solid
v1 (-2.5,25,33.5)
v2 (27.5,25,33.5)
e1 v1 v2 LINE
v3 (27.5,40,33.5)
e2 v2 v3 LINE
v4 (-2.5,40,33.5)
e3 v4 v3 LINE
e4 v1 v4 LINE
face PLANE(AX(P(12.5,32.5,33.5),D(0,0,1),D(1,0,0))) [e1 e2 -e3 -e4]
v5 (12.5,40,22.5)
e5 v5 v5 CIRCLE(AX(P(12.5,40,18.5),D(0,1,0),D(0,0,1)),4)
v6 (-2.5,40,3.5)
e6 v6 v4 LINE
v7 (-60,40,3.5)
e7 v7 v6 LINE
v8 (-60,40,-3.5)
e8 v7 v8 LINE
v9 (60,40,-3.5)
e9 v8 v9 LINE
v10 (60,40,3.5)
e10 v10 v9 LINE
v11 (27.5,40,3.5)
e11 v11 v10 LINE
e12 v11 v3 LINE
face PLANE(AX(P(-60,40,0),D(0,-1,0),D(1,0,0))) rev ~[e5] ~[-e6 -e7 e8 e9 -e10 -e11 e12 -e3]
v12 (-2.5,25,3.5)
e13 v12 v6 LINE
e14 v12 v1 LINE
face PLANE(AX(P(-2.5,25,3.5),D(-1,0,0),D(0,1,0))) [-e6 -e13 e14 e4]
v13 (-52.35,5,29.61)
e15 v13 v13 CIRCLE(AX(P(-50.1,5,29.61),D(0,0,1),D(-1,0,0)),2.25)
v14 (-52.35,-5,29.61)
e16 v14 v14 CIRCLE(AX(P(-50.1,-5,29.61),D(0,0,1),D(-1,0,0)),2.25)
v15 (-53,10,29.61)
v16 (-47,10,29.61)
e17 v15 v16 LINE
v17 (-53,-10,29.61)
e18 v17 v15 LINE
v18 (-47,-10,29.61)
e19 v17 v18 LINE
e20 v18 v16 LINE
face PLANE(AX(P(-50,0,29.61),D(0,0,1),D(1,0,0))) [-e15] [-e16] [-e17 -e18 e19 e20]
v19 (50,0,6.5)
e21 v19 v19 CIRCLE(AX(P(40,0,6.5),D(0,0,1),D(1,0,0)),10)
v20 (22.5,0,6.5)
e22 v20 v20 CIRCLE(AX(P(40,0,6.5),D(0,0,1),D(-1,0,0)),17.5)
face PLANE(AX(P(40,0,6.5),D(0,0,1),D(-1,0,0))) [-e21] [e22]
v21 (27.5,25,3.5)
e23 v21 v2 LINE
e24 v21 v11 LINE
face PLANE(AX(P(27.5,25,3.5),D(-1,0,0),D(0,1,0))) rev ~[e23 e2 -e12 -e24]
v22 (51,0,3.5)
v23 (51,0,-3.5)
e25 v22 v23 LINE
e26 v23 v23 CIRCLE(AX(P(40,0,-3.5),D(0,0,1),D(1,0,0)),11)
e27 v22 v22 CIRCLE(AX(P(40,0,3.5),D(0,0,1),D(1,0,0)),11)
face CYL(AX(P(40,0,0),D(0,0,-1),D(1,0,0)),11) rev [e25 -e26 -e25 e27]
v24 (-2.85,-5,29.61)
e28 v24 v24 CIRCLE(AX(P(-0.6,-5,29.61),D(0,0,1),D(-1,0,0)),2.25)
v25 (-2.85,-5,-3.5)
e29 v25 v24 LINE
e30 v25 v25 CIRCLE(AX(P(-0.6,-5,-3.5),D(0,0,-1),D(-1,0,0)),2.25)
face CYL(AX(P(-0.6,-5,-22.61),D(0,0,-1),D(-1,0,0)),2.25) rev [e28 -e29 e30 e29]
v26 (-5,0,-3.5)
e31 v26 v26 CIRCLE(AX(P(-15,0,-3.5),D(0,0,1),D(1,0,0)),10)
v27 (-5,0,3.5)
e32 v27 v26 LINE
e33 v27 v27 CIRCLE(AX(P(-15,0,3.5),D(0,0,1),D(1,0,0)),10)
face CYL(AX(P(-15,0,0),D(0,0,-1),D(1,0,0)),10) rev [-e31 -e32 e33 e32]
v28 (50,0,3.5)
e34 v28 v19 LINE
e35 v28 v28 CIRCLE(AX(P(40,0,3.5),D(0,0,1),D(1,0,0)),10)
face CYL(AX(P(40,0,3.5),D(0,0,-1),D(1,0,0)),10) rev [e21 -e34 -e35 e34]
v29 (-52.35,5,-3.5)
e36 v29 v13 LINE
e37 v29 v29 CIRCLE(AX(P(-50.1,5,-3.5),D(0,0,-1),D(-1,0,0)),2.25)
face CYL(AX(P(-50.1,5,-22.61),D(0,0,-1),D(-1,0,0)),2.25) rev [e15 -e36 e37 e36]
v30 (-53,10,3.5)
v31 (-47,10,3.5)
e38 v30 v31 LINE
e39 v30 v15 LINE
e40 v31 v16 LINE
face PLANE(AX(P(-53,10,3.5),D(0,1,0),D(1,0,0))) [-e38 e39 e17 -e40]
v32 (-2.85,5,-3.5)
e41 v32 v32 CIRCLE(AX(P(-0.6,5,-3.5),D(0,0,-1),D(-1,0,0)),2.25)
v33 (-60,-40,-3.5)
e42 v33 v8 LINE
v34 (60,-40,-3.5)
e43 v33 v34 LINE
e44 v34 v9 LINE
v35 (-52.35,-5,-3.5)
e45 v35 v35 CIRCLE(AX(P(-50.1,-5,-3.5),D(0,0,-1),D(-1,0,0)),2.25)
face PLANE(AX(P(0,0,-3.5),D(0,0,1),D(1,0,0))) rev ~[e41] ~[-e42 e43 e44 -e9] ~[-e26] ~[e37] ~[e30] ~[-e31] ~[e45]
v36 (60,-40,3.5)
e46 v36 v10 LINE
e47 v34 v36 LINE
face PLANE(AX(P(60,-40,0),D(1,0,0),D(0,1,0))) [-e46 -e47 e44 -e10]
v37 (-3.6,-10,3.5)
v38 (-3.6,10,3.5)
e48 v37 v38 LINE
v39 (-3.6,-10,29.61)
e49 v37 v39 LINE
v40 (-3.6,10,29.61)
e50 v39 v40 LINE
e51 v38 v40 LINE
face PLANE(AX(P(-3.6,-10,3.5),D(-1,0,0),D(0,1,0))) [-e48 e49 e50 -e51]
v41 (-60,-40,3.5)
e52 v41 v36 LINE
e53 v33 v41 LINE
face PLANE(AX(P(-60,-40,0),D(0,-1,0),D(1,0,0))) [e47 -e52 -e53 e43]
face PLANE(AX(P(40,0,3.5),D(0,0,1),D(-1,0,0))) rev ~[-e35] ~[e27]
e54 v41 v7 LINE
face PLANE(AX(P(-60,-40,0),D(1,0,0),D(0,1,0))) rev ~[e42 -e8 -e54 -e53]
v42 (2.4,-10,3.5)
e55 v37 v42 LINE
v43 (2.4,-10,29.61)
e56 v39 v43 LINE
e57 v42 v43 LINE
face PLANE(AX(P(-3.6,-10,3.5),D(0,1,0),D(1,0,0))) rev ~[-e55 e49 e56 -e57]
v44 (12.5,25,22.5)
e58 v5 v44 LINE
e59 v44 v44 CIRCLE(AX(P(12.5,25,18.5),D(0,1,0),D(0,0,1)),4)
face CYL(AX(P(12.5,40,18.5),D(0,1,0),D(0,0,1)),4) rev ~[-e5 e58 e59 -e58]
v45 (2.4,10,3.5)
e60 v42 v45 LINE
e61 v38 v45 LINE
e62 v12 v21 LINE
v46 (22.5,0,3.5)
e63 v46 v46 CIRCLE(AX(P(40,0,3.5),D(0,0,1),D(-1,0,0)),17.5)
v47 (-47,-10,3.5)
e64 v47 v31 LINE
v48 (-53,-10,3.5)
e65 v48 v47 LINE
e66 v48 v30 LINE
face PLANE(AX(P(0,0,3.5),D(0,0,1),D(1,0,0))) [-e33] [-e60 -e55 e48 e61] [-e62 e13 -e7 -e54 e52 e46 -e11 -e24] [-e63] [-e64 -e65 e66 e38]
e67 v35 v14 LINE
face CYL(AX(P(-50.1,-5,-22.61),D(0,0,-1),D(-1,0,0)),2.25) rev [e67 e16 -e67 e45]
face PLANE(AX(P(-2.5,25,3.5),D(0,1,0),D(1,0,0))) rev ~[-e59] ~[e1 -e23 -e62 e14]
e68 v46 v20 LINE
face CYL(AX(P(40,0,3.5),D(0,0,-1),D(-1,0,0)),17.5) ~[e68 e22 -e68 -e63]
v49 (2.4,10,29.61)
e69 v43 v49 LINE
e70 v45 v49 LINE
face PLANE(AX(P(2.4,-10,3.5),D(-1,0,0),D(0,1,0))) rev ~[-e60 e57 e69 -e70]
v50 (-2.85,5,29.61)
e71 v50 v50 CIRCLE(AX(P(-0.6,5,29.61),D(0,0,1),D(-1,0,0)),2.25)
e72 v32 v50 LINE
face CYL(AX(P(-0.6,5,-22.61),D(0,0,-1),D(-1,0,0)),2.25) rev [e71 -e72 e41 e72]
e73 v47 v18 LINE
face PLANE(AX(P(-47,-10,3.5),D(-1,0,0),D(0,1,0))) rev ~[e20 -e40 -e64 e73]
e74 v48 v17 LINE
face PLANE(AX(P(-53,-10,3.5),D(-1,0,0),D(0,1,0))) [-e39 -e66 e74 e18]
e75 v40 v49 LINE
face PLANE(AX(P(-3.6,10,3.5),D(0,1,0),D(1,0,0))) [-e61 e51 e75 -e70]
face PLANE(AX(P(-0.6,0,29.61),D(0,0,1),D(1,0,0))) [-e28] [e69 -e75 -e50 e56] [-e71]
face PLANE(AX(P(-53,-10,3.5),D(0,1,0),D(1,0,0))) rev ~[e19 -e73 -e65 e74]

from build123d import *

# Parameters (mm, degrees)
SKETCH1_W           = 120
SKETCH1_H           = 80
SKETCH1_R           = 10
SKETCH1_R_2         = 11
BOSS_EXTRUDE1_DEPTH = 3.5
SKETCH2_R           = 17.5
SKETCH2_R_2         = 10
BOSS_EXTRUDE2_DEPTH = 3
SKETCH3_W           = 6
SKETCH3_H           = 20
SKETCH3_R           = 2.25
BOSS_EXTRUDE3_DEPTH = 26.11
CUT_EXTRUDE1_START  = -26.11
SKETCH4_R           = 2.25
CUT_EXTRUDE1_DEPTH  = 26.11
SKETCH5_W           = 30
SKETCH5_H           = 15
BOSS_EXTRUDE4_DEPTH = 30
SKETCH6_R           = 4
CUT_EXTRUDE2_DEPTH  = 29


with BuildPart() as part:
    # Sketch1 → Boss-Extrude1 (new, symmetric)
    with BuildSketch(Plane.XY):
        Rectangle(SKETCH1_W, SKETCH1_H)
        with Locations((-15, 0)):
            Circle(SKETCH1_R, mode=Mode.SUBTRACT)
        with Locations((40, 0)):
            Circle(SKETCH1_R_2, mode=Mode.SUBTRACT)
    extrude(amount=BOSS_EXTRUDE1_DEPTH, both=True)

    # Sketch2 → Boss-Extrude2 (add)
    with BuildSketch(Plane.XY.offset(3.5)):
        with Locations(Location((40, 0, 0), (0, 0, 180))):
            Circle(SKETCH2_R)
        with Locations((40, 0)):
            Circle(SKETCH2_R_2, mode=Mode.SUBTRACT)
    extrude(amount=BOSS_EXTRUDE2_DEPTH)

    # Sketch3 → Boss-Extrude3 (add)
    # profile 1 of 2: a face of its own
    with BuildSketch(Plane.XY.offset(3.5)):
        with Locations((-50, 0)):
            Rectangle(SKETCH3_W, SKETCH3_H)
        with Locations(Location((-50.1, -5, 0), (0, 0, 180))):
            Circle(SKETCH3_R, mode=Mode.SUBTRACT)
        with Locations(Location((-50.1, 5, 0), (0, 0, 180))):
            Circle(SKETCH3_R, mode=Mode.SUBTRACT)
    # profile 2 of 2: a face of its own
    with BuildSketch(Plane.XY.offset(3.5)):
        with Locations((-0.6, 0)):
            Rectangle(SKETCH3_W, SKETCH3_H)
        with Locations(Location((-0.6, -5, 0), (0, 0, 180))):
            Circle(SKETCH3_R, mode=Mode.SUBTRACT)
        with Locations(Location((-0.6, 5, 0), (0, 0, 180))):
            Circle(SKETCH3_R, mode=Mode.SUBTRACT)
    extrude(amount=BOSS_EXTRUDE3_DEPTH)

    # Sketch4 → Cut-Extrude1 (cut)
    with BuildSketch(Plane.XY.offset(3.5).offset(CUT_EXTRUDE1_START)):
        with Locations(Location((-50.1, 5, 0), (0, 0, 180))):
            Circle(SKETCH4_R)
        with Locations(Location((-50.1, -5, 0), (0, 0, 180))):
            Circle(SKETCH4_R)
        with Locations(Location((-0.6, 5, 0), (0, 0, 180))):
            Circle(SKETCH4_R)
        with Locations(Location((-0.6, -5, 0), (0, 0, 180))):
            Circle(SKETCH4_R)
    extrude(amount=CUT_EXTRUDE1_DEPTH, mode=Mode.SUBTRACT)

    # Sketch5 → Boss-Extrude4 (add)
    with BuildSketch(Plane.XY.offset(3.5)):
        with Locations((12.5, 32.5)):
            Rectangle(SKETCH5_W, SKETCH5_H)
    extrude(amount=BOSS_EXTRUDE4_DEPTH)

    # Sketch6 → Cut-Extrude2 (cut)
    with BuildSketch(Plane(origin=(0, 40, 0), x_dir=(1, 0, 0), z_dir=(0, 1, 0))):
        with Locations(Location((12.5, -18.5, 0), (0, 0, 270))):
            Circle(SKETCH6_R)
    extrude(amount=-CUT_EXTRUDE2_DEPTH, mode=Mode.SUBTRACT)


solid = part.part
